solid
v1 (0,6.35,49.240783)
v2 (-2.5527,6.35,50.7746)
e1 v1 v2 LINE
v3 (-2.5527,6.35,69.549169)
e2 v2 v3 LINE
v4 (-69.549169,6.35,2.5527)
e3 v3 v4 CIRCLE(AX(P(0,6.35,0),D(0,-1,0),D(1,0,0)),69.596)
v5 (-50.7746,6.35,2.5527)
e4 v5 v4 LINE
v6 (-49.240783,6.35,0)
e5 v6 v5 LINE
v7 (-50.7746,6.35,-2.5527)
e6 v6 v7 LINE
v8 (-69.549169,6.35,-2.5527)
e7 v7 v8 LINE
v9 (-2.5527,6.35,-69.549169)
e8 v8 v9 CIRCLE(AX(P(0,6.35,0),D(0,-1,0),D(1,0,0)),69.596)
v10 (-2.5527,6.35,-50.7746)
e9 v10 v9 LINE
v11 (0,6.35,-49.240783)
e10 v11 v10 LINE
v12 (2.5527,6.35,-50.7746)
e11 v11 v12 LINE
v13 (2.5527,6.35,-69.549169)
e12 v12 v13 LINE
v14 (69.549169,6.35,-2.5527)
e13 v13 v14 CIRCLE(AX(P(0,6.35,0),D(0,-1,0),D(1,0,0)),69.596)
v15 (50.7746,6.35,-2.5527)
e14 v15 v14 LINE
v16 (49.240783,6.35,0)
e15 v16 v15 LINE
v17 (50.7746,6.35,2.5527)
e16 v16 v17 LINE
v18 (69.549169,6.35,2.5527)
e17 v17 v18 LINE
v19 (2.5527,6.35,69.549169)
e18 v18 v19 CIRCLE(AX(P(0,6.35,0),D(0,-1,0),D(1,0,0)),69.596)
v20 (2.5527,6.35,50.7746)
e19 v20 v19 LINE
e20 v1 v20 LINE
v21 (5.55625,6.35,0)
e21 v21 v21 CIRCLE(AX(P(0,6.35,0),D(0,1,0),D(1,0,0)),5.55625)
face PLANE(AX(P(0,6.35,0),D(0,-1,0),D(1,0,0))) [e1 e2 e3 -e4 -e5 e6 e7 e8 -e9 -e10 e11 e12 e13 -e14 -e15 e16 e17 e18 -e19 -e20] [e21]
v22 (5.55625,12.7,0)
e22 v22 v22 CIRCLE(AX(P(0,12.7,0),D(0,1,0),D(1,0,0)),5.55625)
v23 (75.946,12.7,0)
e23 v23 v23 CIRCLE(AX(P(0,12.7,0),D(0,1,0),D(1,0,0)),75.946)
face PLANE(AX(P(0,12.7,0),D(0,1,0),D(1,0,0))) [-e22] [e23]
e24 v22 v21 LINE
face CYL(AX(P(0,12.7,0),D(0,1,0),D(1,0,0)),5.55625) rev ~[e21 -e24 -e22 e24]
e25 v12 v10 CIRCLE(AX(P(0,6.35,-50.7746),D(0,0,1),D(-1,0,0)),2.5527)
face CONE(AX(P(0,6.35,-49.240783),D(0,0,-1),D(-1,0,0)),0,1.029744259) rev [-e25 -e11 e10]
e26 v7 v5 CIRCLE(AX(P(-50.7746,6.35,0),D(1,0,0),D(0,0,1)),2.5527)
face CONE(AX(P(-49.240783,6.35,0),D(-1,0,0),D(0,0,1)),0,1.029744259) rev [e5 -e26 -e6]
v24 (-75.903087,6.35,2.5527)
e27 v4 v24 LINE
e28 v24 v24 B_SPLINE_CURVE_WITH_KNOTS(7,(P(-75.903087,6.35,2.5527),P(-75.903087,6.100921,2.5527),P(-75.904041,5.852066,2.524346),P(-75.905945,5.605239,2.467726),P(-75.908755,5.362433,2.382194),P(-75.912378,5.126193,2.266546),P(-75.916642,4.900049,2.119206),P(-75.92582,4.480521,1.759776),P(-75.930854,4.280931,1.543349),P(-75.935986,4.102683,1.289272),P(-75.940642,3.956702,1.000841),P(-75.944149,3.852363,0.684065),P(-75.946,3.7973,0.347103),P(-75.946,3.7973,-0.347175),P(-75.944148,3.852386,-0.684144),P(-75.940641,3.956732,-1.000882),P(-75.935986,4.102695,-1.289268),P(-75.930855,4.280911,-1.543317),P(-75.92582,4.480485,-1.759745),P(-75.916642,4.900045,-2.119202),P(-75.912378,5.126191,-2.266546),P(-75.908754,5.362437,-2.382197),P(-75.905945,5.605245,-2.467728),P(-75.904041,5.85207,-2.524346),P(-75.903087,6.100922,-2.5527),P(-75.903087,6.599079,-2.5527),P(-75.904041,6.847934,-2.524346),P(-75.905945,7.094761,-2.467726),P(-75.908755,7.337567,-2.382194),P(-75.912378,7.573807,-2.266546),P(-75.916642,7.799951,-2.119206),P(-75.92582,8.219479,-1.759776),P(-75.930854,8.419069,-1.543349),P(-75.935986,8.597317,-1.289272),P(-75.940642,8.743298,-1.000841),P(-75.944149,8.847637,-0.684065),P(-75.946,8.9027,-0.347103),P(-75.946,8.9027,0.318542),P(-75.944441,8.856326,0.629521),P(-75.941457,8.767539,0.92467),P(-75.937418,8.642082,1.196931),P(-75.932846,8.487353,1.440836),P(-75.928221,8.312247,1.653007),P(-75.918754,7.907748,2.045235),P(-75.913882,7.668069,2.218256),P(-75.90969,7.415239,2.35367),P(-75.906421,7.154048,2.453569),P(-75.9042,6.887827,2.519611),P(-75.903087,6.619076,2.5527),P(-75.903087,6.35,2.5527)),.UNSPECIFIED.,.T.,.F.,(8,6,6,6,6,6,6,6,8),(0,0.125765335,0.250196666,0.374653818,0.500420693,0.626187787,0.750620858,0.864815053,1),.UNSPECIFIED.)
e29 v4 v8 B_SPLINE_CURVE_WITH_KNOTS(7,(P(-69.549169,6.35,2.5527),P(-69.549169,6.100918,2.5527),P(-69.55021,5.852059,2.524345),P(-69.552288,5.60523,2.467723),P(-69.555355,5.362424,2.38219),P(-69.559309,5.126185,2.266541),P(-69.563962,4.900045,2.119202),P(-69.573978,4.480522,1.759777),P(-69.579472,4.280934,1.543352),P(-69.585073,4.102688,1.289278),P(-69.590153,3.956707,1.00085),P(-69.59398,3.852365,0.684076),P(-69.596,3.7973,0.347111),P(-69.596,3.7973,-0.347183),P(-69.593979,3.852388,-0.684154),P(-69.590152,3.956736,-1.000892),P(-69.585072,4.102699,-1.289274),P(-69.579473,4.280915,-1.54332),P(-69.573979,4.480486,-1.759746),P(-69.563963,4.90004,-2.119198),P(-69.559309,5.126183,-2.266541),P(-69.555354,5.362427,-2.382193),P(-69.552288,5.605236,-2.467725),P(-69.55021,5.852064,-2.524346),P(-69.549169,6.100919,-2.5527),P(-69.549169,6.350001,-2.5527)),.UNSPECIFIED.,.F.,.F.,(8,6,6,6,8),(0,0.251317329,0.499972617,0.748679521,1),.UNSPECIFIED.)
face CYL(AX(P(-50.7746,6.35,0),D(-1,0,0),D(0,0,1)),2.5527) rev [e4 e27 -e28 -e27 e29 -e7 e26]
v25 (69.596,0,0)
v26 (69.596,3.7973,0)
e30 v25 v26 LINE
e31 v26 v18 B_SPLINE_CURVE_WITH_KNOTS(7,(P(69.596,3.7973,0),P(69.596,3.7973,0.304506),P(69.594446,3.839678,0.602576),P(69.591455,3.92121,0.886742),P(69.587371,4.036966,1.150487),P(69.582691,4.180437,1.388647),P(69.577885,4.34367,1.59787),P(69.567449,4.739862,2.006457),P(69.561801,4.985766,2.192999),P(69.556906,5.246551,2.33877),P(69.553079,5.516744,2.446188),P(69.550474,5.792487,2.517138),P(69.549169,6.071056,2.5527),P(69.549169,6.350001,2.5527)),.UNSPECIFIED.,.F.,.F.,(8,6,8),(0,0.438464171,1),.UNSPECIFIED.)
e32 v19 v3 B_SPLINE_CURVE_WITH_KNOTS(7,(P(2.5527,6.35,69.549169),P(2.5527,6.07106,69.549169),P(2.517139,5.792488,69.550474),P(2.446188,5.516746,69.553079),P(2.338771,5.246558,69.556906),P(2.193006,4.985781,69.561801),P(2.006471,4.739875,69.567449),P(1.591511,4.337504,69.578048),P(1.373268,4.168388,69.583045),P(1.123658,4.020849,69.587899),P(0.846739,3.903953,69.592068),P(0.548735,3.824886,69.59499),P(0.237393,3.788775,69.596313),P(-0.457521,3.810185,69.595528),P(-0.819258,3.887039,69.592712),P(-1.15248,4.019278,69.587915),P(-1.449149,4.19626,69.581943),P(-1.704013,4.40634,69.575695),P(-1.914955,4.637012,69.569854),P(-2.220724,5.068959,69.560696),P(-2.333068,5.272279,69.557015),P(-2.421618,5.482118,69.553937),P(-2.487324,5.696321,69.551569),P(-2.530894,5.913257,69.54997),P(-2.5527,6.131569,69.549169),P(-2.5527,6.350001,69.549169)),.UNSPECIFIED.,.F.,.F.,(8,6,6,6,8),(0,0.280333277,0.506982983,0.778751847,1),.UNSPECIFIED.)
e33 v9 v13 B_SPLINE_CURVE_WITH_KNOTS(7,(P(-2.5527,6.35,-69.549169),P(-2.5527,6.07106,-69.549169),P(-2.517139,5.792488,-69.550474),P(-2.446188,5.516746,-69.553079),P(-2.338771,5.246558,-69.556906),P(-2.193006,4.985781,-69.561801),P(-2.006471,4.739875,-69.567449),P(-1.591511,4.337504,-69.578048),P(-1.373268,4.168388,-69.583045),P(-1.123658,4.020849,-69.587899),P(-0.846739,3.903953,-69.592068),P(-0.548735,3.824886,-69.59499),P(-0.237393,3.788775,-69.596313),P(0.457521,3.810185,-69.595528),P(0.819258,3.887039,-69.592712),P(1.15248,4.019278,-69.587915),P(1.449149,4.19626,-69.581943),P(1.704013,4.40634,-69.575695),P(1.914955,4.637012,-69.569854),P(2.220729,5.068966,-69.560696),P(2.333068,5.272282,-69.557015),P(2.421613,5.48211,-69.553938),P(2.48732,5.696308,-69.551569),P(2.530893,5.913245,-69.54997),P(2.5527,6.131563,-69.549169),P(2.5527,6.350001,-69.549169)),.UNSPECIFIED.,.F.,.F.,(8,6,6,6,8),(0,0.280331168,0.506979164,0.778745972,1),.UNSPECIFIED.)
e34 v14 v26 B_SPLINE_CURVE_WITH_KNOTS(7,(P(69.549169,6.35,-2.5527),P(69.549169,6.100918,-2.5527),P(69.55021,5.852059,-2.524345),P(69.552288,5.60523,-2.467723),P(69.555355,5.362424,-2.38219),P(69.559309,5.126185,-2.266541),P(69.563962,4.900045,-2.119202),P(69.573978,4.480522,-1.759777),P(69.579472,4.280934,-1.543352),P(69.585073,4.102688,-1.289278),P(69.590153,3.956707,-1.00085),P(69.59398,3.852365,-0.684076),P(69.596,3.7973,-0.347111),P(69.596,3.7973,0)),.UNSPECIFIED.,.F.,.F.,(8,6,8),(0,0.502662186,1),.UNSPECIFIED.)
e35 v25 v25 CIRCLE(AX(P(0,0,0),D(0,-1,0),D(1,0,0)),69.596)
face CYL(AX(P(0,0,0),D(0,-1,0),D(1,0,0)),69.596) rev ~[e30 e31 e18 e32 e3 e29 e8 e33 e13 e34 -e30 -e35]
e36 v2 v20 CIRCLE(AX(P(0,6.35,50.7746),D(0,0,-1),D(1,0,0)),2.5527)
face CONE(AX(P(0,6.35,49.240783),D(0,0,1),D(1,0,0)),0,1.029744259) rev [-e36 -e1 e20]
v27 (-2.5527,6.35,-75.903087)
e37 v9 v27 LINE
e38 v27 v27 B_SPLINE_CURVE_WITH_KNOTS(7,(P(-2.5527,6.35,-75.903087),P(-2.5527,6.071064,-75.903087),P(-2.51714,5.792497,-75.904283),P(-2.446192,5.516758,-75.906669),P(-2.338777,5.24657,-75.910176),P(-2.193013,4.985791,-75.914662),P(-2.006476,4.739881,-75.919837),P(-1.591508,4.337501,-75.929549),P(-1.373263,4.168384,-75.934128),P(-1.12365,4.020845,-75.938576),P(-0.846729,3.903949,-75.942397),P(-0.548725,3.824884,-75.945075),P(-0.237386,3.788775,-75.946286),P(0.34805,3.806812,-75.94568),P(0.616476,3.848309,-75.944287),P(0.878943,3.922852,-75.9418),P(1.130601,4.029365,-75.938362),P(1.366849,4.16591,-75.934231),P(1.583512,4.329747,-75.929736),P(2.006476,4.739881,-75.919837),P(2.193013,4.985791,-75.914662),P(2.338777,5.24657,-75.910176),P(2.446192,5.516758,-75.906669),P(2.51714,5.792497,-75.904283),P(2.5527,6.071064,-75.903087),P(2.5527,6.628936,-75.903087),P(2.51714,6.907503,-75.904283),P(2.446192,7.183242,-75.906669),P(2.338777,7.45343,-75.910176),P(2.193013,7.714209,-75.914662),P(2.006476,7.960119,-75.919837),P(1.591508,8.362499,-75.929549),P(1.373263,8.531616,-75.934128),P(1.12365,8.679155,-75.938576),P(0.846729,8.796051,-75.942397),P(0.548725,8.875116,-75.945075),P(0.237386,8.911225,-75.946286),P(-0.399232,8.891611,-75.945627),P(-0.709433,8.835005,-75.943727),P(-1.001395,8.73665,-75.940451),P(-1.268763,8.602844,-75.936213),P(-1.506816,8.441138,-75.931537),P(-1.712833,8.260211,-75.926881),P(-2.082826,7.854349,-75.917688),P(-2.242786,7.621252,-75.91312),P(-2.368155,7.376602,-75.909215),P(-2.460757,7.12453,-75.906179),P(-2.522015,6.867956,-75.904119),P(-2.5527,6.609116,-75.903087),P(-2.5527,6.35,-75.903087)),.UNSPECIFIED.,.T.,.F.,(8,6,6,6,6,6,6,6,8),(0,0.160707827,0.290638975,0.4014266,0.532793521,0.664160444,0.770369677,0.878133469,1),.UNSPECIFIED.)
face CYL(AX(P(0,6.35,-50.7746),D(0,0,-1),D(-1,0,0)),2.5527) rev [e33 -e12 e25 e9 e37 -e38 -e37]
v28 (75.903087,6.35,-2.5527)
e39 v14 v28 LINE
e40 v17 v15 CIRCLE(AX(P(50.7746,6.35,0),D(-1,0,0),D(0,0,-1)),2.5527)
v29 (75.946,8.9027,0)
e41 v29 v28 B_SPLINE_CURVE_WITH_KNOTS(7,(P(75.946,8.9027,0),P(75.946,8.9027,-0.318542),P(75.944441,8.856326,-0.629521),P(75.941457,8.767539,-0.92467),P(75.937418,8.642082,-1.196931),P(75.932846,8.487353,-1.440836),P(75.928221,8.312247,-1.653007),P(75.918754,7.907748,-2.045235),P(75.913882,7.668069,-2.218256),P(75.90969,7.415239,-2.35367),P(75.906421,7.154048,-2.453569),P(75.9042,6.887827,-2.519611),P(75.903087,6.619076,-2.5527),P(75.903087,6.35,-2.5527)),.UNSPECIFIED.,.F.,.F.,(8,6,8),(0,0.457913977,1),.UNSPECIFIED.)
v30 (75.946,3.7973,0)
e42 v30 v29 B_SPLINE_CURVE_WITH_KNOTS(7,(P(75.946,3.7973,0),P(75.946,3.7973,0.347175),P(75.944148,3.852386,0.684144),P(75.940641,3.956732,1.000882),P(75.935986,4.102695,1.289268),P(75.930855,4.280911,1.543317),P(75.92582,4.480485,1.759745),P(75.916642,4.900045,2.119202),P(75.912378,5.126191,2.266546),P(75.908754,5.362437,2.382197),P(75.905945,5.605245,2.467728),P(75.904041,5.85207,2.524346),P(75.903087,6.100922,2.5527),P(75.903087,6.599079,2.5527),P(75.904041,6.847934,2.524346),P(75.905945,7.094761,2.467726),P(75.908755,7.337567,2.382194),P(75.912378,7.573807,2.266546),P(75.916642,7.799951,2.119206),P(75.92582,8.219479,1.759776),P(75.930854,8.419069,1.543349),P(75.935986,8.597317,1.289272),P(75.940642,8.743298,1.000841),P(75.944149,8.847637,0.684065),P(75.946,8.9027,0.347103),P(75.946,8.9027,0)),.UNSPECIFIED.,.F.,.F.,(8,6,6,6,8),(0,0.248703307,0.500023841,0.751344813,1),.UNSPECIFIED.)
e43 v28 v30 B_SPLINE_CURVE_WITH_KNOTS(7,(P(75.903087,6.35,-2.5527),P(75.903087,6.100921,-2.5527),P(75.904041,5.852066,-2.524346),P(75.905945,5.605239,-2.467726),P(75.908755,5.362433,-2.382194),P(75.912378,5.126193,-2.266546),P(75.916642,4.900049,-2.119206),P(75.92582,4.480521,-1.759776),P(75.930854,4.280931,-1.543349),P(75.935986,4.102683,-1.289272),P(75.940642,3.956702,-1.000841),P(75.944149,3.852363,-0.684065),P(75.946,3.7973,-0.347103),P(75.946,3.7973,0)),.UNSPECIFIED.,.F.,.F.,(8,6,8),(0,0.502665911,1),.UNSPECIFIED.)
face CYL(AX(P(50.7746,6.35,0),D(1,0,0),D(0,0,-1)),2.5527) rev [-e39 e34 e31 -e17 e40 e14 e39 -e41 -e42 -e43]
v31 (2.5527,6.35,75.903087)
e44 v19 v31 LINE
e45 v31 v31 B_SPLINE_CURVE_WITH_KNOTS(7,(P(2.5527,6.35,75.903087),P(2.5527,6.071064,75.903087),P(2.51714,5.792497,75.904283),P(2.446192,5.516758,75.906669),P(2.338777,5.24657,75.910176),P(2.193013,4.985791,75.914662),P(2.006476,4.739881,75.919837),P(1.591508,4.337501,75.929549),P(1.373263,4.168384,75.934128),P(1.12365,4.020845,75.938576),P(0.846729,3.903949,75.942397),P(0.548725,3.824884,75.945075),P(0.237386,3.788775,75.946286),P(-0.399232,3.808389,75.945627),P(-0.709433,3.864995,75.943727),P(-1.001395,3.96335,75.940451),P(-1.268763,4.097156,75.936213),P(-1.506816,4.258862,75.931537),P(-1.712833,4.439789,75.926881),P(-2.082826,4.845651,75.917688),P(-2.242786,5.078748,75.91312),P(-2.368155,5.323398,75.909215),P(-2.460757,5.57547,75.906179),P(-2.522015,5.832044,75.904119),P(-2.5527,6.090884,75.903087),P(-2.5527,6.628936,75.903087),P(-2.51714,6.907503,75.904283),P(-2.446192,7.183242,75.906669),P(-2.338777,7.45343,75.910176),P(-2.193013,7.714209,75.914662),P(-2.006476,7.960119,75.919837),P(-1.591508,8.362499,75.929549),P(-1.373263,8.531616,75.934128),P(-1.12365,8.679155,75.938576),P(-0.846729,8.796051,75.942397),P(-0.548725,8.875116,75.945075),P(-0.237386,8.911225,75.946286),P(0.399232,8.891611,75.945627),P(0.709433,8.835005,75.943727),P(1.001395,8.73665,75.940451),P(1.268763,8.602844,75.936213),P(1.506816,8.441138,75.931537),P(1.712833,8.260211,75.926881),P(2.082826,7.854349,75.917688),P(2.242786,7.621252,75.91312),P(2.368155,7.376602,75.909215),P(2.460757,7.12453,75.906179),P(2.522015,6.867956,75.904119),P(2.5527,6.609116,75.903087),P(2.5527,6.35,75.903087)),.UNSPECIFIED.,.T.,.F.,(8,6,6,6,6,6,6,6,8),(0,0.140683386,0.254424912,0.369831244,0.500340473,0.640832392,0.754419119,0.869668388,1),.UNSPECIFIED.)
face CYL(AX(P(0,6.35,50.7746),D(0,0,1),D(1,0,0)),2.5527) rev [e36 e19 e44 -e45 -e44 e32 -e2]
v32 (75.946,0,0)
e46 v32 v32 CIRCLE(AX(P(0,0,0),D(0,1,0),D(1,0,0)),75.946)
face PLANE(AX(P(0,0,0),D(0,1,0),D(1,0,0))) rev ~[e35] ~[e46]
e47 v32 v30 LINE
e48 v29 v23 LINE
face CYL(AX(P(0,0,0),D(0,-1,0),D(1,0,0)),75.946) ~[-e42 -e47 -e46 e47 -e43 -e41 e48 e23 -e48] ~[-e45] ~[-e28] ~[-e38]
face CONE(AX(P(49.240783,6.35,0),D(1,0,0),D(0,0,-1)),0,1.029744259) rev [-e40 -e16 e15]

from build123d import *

# Parameters (mm, degrees)
SKETCH2_R               = 75.946
BOSS_EXTRUDE1_DEPTH     = 12.7
SKETCH3_R               = 5.55625
CUT_EXTRUDE1_DEPTH      = 1
CUT_EXTRUDE1_DEPTH_BACK = 13.7
CIRPATTERN2_COUNT       = 4
CIRPATTERN2_ANGLE       = 270
SKETCH11_R              = 69.596
CUT_EXTRUDE2_DEPTH      = 6.35


with BuildPart() as part:
    # Sketch2 → Boss-Extrude1 (new body)
    with BuildSketch(Plane(origin=(0, 0, 0), x_dir=(1, 0, 0), z_dir=(0, 1, 0))):
        Circle(SKETCH2_R)
    extrude(amount=BOSS_EXTRUDE1_DEPTH)

    # Sketch3 → Cut-Extrude1 (cut, two sides)
    with BuildSketch(Plane(origin=(0, 12.7, 0), x_dir=(1, 0, 0), z_dir=(0, 1, 0))) as cut_extrude1_sk:
        Circle(SKETCH3_R)
    extrude(amount=CUT_EXTRUDE1_DEPTH, mode=Mode.SUBTRACT)
    extrude(cut_extrude1_sk.sketch, amount=-CUT_EXTRUDE1_DEPTH_BACK, mode=Mode.SUBTRACT)

    # Sketch10 → 1_4-20 Tapped Hole1 (revolve, cut)
    with BuildSketch(Plane(origin=(-76.1746, 6.35, 0), x_dir=(0, 0, 1), z_dir=(0, 1, 0))):
        Polygon((0, 0), (0, 26.933816902), (2.5527, 25.4), (2.5527, 0), align=None)
    f_1_4_20_tapped_hole1 = revolve(axis=Axis((-82.5246, 6.35, 0), (1, 0, 0)), mode=Mode.SUBTRACT)

    # CirPattern2: 1_4-20 Tapped Hole1 ×4 about axis
    cirpattern2_axis = Axis((0, 12.7, 0), (0, -1, 0))
    for i in range(1, CIRPATTERN2_COUNT):
        add(f_1_4_20_tapped_hole1.rotate(cirpattern2_axis, i * CIRPATTERN2_ANGLE / (CIRPATTERN2_COUNT - 1)), mode=Mode.SUBTRACT)

    # Sketch11 → Cut-Extrude2 (cut)
    with BuildSketch(Plane.XZ):
        Circle(SKETCH11_R)
    extrude(amount=-CUT_EXTRUDE2_DEPTH, mode=Mode.SUBTRACT)


solid = part.part
